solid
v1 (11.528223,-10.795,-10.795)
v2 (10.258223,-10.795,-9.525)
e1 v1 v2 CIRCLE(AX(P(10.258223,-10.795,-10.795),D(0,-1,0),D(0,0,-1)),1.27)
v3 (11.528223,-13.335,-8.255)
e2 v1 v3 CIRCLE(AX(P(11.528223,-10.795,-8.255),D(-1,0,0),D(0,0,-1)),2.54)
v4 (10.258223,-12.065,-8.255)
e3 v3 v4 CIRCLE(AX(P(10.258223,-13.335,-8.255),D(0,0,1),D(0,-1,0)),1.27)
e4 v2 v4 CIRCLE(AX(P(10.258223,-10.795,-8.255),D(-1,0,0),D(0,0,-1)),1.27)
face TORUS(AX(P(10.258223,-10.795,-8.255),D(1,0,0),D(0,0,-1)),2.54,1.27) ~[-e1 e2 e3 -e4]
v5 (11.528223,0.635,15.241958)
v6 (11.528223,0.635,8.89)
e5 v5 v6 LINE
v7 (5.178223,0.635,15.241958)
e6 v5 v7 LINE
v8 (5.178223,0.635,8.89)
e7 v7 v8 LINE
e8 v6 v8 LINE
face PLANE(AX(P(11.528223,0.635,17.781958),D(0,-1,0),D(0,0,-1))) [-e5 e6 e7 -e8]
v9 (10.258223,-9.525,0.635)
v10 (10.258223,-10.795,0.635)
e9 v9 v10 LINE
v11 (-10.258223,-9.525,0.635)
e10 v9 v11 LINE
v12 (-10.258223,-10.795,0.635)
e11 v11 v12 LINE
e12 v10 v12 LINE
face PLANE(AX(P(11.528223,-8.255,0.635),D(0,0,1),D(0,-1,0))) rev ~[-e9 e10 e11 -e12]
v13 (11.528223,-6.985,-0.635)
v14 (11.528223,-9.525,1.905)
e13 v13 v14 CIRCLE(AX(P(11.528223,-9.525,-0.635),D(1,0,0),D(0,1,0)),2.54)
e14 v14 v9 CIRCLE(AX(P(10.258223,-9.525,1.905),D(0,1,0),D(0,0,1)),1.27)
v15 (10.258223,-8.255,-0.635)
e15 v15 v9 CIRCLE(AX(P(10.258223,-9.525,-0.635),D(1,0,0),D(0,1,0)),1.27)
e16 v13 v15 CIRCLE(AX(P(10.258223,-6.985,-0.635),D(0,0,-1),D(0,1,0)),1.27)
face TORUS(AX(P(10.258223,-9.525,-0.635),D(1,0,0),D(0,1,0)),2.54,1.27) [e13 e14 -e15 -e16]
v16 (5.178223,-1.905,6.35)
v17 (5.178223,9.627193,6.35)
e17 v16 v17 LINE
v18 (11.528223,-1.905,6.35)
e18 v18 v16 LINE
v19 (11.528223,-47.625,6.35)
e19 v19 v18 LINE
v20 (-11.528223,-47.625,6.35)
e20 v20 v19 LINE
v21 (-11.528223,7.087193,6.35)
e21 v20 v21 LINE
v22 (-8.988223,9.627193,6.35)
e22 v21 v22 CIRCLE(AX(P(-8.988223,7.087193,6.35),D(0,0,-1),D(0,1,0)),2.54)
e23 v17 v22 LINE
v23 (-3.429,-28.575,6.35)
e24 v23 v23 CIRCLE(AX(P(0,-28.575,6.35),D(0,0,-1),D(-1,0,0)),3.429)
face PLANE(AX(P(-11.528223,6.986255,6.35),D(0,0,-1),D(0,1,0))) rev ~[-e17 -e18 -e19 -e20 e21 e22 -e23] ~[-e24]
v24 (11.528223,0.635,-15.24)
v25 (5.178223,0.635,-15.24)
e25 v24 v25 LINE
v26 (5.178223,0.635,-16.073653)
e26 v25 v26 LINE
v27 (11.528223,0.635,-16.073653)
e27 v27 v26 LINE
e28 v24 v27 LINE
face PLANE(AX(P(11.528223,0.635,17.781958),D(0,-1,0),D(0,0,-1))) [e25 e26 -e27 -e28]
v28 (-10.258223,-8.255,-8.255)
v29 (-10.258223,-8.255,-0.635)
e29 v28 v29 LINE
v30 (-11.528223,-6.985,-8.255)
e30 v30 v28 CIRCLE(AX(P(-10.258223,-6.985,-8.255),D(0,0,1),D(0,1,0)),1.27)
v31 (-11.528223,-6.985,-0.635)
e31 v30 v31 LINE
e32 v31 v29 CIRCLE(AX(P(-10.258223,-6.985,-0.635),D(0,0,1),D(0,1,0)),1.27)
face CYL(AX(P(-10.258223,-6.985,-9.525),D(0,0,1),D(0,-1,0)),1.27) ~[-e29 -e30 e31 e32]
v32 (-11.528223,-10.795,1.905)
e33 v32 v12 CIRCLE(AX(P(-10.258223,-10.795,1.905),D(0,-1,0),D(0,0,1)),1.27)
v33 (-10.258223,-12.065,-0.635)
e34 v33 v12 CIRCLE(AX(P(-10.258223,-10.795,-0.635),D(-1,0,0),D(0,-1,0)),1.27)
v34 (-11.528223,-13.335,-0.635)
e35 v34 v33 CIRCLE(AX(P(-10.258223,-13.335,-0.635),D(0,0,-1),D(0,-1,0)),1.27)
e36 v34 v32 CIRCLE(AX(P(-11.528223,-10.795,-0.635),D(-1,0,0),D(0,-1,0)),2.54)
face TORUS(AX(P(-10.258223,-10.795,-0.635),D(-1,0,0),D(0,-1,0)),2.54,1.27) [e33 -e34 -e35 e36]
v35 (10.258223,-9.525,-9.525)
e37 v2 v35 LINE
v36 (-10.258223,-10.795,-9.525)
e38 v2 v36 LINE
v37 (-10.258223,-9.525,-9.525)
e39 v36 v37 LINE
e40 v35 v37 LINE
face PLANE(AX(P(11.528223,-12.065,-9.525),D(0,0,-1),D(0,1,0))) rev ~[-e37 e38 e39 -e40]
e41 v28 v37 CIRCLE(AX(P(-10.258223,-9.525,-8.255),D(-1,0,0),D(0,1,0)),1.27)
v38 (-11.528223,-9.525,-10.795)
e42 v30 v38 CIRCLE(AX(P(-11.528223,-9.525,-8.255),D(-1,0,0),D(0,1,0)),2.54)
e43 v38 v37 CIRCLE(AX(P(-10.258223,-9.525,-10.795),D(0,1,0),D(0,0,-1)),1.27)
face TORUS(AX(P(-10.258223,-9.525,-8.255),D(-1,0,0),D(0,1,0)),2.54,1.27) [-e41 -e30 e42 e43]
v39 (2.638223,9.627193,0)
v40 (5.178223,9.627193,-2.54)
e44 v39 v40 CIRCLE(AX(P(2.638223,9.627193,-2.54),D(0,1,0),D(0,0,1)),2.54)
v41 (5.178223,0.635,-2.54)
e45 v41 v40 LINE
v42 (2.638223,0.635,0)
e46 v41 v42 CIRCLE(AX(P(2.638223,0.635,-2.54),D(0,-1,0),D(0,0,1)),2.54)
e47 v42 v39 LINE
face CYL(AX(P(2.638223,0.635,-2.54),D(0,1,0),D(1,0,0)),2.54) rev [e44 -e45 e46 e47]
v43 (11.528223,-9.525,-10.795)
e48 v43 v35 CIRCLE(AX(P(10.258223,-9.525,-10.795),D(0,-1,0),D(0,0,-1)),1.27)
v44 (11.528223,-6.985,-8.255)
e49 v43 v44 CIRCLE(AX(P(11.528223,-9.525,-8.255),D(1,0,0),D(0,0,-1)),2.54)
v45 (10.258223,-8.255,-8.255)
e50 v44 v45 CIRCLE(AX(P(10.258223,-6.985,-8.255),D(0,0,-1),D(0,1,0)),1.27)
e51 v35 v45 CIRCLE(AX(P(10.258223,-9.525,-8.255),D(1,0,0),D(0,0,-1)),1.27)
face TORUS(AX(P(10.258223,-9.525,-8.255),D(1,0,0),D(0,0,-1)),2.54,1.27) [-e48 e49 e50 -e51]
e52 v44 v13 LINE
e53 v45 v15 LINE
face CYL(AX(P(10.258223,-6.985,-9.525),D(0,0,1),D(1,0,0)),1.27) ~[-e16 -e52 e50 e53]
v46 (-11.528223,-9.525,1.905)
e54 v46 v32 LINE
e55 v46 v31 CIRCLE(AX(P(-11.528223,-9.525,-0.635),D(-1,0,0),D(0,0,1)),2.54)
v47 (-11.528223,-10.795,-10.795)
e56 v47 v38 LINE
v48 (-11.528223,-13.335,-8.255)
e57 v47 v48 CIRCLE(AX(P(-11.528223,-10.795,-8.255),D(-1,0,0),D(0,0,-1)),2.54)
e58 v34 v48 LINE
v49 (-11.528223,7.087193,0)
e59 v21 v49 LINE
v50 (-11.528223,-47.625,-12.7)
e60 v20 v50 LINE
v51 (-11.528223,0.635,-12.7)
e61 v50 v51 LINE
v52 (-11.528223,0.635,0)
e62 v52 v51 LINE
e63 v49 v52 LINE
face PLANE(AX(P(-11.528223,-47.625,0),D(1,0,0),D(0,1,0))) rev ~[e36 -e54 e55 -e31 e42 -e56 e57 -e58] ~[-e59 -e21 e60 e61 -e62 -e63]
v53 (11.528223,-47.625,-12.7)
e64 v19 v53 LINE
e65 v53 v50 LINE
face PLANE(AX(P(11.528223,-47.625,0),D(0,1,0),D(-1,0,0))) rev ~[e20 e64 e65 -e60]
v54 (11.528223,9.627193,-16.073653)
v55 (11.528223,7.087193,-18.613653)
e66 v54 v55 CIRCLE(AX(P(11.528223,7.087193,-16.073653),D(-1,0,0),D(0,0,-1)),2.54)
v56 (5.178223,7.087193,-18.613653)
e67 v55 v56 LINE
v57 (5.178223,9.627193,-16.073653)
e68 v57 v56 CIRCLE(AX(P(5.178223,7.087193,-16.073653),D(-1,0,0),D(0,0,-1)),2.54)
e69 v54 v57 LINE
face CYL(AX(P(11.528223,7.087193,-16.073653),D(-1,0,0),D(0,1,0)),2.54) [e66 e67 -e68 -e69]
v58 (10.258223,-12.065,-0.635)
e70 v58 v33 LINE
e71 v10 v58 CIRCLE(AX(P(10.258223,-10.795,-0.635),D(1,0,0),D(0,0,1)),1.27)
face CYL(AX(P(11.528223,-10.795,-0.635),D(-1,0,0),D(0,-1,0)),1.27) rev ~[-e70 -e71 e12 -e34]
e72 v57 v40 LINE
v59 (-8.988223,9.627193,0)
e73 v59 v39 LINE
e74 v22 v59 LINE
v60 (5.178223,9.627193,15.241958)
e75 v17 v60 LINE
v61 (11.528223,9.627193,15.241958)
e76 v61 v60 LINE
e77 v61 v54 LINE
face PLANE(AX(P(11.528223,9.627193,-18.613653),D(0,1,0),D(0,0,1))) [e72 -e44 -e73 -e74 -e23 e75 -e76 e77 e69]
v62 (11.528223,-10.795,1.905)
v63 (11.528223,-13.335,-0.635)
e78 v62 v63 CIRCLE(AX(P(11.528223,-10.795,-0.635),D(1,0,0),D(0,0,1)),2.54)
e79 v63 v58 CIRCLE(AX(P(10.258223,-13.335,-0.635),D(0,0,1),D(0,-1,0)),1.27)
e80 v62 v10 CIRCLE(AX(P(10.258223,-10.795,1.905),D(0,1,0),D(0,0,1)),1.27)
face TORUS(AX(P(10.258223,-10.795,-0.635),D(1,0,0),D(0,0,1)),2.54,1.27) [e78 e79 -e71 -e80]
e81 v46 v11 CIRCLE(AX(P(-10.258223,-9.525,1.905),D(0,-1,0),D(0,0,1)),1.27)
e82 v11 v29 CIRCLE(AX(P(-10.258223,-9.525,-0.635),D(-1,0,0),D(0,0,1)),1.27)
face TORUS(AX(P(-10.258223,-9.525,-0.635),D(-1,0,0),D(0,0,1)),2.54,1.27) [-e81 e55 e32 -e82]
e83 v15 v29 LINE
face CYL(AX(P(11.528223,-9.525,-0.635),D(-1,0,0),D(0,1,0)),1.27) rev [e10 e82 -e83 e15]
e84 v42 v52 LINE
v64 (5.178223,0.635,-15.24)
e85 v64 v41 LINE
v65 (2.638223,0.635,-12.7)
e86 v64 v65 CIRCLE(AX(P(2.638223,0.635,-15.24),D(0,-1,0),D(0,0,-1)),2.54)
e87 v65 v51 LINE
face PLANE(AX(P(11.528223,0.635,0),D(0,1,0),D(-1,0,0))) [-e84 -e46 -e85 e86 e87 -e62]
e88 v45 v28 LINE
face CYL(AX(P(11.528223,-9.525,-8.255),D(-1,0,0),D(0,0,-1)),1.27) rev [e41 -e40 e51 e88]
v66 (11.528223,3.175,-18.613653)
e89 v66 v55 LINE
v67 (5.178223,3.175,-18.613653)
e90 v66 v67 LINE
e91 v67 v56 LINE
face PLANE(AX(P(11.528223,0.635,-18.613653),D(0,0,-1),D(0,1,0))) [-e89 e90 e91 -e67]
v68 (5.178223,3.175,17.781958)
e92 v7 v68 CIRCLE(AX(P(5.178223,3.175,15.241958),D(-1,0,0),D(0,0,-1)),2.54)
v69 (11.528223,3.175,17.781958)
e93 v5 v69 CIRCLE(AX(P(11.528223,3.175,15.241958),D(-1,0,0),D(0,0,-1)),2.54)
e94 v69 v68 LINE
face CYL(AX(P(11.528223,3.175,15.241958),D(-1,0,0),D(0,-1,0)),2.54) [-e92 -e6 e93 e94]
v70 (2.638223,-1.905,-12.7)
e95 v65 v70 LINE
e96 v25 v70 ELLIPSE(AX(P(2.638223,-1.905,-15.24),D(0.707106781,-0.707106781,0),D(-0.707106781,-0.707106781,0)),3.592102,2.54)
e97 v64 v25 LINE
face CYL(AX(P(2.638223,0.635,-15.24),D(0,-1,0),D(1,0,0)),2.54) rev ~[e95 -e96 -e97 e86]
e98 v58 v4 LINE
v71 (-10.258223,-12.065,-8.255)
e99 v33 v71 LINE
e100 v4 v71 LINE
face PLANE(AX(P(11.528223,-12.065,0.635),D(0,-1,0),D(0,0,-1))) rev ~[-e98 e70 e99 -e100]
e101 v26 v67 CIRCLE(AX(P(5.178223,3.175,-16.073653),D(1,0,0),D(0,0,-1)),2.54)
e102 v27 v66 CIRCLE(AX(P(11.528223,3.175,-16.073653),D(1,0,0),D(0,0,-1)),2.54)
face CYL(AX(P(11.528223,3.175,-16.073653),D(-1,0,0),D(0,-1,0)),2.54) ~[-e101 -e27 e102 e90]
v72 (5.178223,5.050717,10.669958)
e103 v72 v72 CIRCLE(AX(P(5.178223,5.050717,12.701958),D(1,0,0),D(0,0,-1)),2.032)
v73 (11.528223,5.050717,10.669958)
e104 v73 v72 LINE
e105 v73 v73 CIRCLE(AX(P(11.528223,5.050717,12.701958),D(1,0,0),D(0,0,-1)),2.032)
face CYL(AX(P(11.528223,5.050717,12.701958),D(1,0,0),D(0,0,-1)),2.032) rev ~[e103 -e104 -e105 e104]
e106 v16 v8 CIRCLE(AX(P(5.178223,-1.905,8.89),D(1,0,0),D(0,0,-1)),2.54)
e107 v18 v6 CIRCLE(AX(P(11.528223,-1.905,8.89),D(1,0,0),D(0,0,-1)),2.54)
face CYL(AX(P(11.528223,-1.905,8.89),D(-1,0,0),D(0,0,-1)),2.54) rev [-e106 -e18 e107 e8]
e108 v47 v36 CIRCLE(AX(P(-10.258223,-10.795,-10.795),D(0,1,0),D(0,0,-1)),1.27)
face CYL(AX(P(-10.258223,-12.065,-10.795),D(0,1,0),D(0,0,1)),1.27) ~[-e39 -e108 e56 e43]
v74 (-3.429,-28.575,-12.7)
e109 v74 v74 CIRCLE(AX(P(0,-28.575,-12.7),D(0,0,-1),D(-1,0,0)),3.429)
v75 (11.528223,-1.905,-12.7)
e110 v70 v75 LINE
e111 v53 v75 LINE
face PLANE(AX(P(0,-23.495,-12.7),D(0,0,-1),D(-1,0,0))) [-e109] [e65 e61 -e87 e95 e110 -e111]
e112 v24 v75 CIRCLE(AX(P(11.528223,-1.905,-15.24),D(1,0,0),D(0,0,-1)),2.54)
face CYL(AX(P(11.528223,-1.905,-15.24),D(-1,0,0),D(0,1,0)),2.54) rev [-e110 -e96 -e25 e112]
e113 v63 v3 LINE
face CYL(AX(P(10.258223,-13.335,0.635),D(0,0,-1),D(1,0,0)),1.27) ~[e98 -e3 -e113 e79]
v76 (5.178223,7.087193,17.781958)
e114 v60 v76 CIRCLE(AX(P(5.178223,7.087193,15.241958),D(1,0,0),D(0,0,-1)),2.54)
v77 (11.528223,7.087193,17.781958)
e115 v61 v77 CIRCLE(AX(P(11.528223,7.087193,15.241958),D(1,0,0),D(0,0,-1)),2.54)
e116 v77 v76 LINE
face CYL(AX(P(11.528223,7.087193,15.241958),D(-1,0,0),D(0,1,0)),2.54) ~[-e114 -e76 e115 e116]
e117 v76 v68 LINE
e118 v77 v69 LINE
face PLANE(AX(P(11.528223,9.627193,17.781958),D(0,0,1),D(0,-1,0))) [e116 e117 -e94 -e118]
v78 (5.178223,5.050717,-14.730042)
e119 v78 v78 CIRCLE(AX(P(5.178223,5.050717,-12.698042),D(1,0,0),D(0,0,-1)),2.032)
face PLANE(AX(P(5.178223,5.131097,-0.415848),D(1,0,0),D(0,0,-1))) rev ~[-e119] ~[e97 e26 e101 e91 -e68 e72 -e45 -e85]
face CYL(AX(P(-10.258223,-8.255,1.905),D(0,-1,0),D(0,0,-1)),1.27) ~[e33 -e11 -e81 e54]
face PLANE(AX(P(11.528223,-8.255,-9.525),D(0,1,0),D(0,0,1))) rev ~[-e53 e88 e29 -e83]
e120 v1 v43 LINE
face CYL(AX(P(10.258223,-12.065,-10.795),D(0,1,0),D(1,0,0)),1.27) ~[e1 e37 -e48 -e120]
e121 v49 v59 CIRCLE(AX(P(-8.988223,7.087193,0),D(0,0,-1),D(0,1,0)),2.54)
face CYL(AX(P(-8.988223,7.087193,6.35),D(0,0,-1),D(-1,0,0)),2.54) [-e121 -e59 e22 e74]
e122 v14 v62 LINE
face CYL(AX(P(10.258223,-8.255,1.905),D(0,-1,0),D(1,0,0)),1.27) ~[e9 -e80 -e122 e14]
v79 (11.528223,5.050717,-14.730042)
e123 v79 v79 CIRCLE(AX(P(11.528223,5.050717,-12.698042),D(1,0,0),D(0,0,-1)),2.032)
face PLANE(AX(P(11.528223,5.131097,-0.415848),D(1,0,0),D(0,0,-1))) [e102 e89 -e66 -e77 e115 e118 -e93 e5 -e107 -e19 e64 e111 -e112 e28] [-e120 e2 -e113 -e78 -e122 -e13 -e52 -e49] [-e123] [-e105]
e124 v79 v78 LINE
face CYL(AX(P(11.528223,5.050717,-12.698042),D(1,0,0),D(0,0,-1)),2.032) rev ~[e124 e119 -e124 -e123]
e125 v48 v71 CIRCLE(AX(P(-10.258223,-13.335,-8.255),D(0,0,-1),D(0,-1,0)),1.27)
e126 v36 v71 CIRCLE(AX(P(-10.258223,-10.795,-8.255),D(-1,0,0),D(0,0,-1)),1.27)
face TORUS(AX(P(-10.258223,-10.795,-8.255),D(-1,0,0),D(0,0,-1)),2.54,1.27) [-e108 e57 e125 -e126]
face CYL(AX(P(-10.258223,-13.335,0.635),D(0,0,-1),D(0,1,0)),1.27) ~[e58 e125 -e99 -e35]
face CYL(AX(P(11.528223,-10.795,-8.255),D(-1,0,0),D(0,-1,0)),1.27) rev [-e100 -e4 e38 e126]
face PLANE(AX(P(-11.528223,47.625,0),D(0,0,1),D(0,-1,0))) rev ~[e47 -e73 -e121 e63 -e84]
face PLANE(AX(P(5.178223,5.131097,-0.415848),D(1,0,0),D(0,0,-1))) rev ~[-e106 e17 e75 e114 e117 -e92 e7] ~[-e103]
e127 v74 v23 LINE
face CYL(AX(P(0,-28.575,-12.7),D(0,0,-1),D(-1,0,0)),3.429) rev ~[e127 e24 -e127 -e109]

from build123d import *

# Parameters (mm, degrees)
SKETCH1_W           = 23.056445047489827
SKETCH1_H           = 95.25
SKETCH1_R           = 1.2700000000000005
SKETCH1_R_2         = 1.269999999999998
BOSS_EXTRUDE1_DEPTH = 6.35
SKETCH2_W           = 23.056445047489827
SKETCH2_H           = 48.26
BOSS_EXTRUDE2_DEPTH = 12.7
CUT_EXTRUDE2_DEPTH  = 55.41534970233967
SKETCH6_R           = 3.4289999999999994
CUT_EXTRUDE3_DEPTH  = 53.57321599024526
FILLET2_R           = 1.27
BOSS_EXTRUDE3_DEPTH = 6.35
SKETCH9_R           = 1.9049999999999996
SKETCH9_R_2         = 1.905
CUT_EXTRUDE4_DEPTH  = 53.43149307056342
FILLET4_R           = 2.54
BOSS_EXTRUDE7_DEPTH = 6.35
FILLET5_R           = 2.54
FILLET6_R           = 2.54
SKETCH13_R          = 2.0319999999999987
SKETCH13_R_2        = 2.032000000000001
CUT_EXTRUDE5_DEPTH  = 6.35
FILLET7_R           = 2.54
SKETCH14_W          = 8.8077942060624
SKETCH14_H          = 39.07493764297598
CUT_EXTRUDE6_DEPTH  = 45.21200000000002
SKETCH15_W          = 6.35
SKETCH15_H          = 6.35
CUT_EXTRUDE7_DEPTH  = 7.112000000000007
FILLET8_R           = 2.54


with BuildPart() as part:
    # Sketch1 → Boss-Extrude1 (new body)
    # profile 1 of 4: a face of its own
    with BuildSketch(Plane.XY):
        Rectangle(SKETCH1_W, SKETCH1_H)
        Polygon((7.9121000000000015, 16.687800000000006), (7.9121000000000015, 44.449999999999996), (-7.912099999999998, 44.45), (-7.912099999999998, 16.687800000000006), align=None, mode=Mode.SUBTRACT)
    # profile 2 of 4: a face of its own
    with BuildSketch(Plane.XY):
        Polygon((-7.912099999999998, 16.687800000000006), (7.9121000000000015, 16.687800000000006), (7.9121000000000015, 44.449999999999996), (-7.912099999999998, 44.45), align=None)
        with Locations((5.372100000000001, 19.227800000000006)):
            Circle(SKETCH1_R, mode=Mode.SUBTRACT)
        with Locations((-5.372099999999998, 41.910000000000004)):
            Circle(SKETCH1_R_2, mode=Mode.SUBTRACT)
    # profile 3 of 4: a face of its own
    with BuildSketch(Plane.XY):
        with Locations((-5.372099999999998, 41.910000000000004)):
            Circle(SKETCH1_R_2)
    # profile 4 of 4: a face of its own
    with BuildSketch(Plane.XY):
        with Locations((5.372100000000001, 19.227800000000006)):
            Circle(SKETCH1_R)
    extrude(amount=BOSS_EXTRUDE1_DEPTH)

    # Sketch2 → Boss-Extrude2 (add)
    with BuildSketch(Plane(origin=(0, 0, 0), x_dir=(-1, 0, 0), z_dir=(0, 0, -1))):
        with Locations((0, -23.495)):
            Rectangle(SKETCH2_W, SKETCH2_H)
    extrude(amount=BOSS_EXTRUDE2_DEPTH)

    # Sketch5 → Cut-Extrude2 (cut, through all)
    with BuildSketch(Plane(origin=(11.528222523744914, 0, 0), x_dir=(0, 0, -1), z_dir=(1, 0, 0))):
        Polygon((-0.6350000000000019, -12.065000000000001), (9.524999999999997, -12.065000000000001), (9.524999999999999, -8.255000000000003), (-0.6350000000000019, -8.255000000000003), align=None)
    extrude(amount=-CUT_EXTRUDE2_DEPTH, mode=Mode.SUBTRACT)

    # Sketch6 → Cut-Extrude3 (cut, through all)
    with BuildSketch(Plane(origin=(0, 0, -12.7), x_dir=(-1, 0, 0), z_dir=(0, 0, -1))):
        with Locations((0, -28.575)):
            Circle(SKETCH6_R)
    extrude(amount=-CUT_EXTRUDE3_DEPTH, mode=Mode.SUBTRACT)

    # Fillet2
    fillet2_edges = [part.edges().sort_by_distance(p)[0] for p in [
        (-11.528222523744914, -10.160000000000004, -9.524999999999999),
        (0, -8.255000000000003, -9.524999999999999),
        (-11.528222523744914, -12.065, -4.444999999999998),
        (0, -12.065000000000001, -9.524999999999997),
        (-11.528222523744914, -10.16, 0.6350000000000019),
        (0, -12.065000000000001, 0.6350000000000019),
        (-11.528222523744914, -8.255000000000003, -4.4449999999999985),
        (0, -8.255000000000003, 0.6350000000000019),
        (11.528222523744914, -10.160000000000002, -9.524999999999999),
        (11.528222523744914, -8.255000000000003, -4.4449999999999985),
        (11.528222523744914, -10.160000000000002, 0.6350000000000019),
        (11.528222523744914, -12.065000000000001, -4.444999999999998),
    ]]
    fillet(fillet2_edges, radius=FILLET2_R)

    # Sketch8 → Boss-Extrude3 (add)
    with BuildSketch(Plane.ZY.offset(11.528222523744914)):
        Polygon((6.35, 47.625), (-1.21e-15, 47.625), (0, 6.98625472546675), (6.350000000000005, 6.986254725466751), align=None)
    extrude(amount=BOSS_EXTRUDE3_DEPTH)

    # Sketch9 → Cut-Extrude4 (cut, through all)
    with BuildSketch(Plane.XY):
        with Locations((-4.594022523744915, 12.877800000000006)):
            Circle(SKETCH9_R)
        with Locations((-15.338222523744914, 35.56)):
            Circle(SKETCH9_R_2)
    extrude(amount=CUT_EXTRUDE4_DEPTH, mode=Mode.SUBTRACT)

    # Fillet4
    fillet4_edges = [part.edges().sort_by_distance(p)[0] for p in [
        (11.528222523744914, 47.625, 3.175),
        (-17.878222523744913, 47.625, 3.1749999999999994),
    ]]
    fillet(fillet4_edges, radius=FILLET4_R)

    # Sketch12 → Boss-Extrude7 (add)
    with BuildSketch(Plane(origin=(11.528222523744914, 0, 0), x_dir=(0, 0, -1), z_dir=(1, 0, 0))):
        Polygon((-6.35, 0.6349999999999898), (18.613653389650153, 0.6349999999999898), (18.613653389650153, 9.627193152709879), (-17.78195834691587, 9.627193152709879), (-17.78195834691587, 0.6349999999999898), align=None)
    extrude(amount=-BOSS_EXTRUDE7_DEPTH)

    # Fillet5
    fillet5_edges = [part.edges().sort_by_distance(p)[0] for p in [
        (8.353222523744913, 0.6349999999999967, -12.7),
        (5.178222523744914, 5.131096576354938, 0),
        (8.353222523744915, 0.6349999999999898, 6.35),
    ]]
    fillet(fillet5_edges, radius=FILLET5_R)

    # Fillet6
    fillet6_edges = [part.edges().sort_by_distance(p)[0] for p in [
        (5.178222523744914, -0.6350000000000069, -12.7),
    ]]
    fillet(fillet6_edges, radius=FILLET6_R)

    # Sketch13 → Cut-Extrude5 (cut)
    with BuildSketch(Plane(origin=(11.528222523744914, 0, 0), x_dir=(0, 0, -1), z_dir=(1, 0, 0))):
        with Locations((-12.70195834691587, 5.050717249087455)):
            Circle(SKETCH13_R)
        with Locations((12.698041653084129, 5.050717249087455)):
            Circle(SKETCH13_R_2)
    extrude(amount=-CUT_EXTRUDE5_DEPTH, mode=Mode.SUBTRACT)

    # Fillet7
    fillet7_edges = [part.edges().sort_by_distance(p)[0] for p in [
        (8.353222523744915, 0.6349999999999898, -18.613653389650153),
        (8.353222523744915, 0.6349999999999898, 17.78195834691587),
        (8.353222523744915, 9.627193152709879, 17.78195834691587),
        (8.353222523744915, 9.627193152709879, -18.613653389650153),
    ]]
    fillet(fillet7_edges, radius=FILLET7_R)

    # Sketch14 → Cut-Extrude6 (cut)
    with BuildSketch(Plane(origin=(11.528222523744914, 0, 0), x_dir=(0, 0, -1), z_dir=(1, 0, 0))):
        with Locations((-1.9461028969687981, 29.16466197419787)):
            Rectangle(SKETCH14_W, SKETCH14_H)
    extrude(amount=-CUT_EXTRUDE6_DEPTH, mode=Mode.SUBTRACT)

    # Sketch15 → Cut-Extrude7 (cut)
    with BuildSketch(Plane.XZ.offset(-6.98625472546675)):
        with Locations((-14.703222523744913, 3.1750000000000007)):
            Rectangle(SKETCH15_W, SKETCH15_H)
    extrude(amount=-CUT_EXTRUDE7_DEPTH, mode=Mode.SUBTRACT)

    # Fillet8
    fillet8_edges = [part.edges().sort_by_distance(p)[0] for p in [
        (-11.528222523744914, 9.627193152709879, 3.1750000000000007),
    ]]
    fillet(fillet8_edges, radius=FILLET8_R)


solid = part.part
